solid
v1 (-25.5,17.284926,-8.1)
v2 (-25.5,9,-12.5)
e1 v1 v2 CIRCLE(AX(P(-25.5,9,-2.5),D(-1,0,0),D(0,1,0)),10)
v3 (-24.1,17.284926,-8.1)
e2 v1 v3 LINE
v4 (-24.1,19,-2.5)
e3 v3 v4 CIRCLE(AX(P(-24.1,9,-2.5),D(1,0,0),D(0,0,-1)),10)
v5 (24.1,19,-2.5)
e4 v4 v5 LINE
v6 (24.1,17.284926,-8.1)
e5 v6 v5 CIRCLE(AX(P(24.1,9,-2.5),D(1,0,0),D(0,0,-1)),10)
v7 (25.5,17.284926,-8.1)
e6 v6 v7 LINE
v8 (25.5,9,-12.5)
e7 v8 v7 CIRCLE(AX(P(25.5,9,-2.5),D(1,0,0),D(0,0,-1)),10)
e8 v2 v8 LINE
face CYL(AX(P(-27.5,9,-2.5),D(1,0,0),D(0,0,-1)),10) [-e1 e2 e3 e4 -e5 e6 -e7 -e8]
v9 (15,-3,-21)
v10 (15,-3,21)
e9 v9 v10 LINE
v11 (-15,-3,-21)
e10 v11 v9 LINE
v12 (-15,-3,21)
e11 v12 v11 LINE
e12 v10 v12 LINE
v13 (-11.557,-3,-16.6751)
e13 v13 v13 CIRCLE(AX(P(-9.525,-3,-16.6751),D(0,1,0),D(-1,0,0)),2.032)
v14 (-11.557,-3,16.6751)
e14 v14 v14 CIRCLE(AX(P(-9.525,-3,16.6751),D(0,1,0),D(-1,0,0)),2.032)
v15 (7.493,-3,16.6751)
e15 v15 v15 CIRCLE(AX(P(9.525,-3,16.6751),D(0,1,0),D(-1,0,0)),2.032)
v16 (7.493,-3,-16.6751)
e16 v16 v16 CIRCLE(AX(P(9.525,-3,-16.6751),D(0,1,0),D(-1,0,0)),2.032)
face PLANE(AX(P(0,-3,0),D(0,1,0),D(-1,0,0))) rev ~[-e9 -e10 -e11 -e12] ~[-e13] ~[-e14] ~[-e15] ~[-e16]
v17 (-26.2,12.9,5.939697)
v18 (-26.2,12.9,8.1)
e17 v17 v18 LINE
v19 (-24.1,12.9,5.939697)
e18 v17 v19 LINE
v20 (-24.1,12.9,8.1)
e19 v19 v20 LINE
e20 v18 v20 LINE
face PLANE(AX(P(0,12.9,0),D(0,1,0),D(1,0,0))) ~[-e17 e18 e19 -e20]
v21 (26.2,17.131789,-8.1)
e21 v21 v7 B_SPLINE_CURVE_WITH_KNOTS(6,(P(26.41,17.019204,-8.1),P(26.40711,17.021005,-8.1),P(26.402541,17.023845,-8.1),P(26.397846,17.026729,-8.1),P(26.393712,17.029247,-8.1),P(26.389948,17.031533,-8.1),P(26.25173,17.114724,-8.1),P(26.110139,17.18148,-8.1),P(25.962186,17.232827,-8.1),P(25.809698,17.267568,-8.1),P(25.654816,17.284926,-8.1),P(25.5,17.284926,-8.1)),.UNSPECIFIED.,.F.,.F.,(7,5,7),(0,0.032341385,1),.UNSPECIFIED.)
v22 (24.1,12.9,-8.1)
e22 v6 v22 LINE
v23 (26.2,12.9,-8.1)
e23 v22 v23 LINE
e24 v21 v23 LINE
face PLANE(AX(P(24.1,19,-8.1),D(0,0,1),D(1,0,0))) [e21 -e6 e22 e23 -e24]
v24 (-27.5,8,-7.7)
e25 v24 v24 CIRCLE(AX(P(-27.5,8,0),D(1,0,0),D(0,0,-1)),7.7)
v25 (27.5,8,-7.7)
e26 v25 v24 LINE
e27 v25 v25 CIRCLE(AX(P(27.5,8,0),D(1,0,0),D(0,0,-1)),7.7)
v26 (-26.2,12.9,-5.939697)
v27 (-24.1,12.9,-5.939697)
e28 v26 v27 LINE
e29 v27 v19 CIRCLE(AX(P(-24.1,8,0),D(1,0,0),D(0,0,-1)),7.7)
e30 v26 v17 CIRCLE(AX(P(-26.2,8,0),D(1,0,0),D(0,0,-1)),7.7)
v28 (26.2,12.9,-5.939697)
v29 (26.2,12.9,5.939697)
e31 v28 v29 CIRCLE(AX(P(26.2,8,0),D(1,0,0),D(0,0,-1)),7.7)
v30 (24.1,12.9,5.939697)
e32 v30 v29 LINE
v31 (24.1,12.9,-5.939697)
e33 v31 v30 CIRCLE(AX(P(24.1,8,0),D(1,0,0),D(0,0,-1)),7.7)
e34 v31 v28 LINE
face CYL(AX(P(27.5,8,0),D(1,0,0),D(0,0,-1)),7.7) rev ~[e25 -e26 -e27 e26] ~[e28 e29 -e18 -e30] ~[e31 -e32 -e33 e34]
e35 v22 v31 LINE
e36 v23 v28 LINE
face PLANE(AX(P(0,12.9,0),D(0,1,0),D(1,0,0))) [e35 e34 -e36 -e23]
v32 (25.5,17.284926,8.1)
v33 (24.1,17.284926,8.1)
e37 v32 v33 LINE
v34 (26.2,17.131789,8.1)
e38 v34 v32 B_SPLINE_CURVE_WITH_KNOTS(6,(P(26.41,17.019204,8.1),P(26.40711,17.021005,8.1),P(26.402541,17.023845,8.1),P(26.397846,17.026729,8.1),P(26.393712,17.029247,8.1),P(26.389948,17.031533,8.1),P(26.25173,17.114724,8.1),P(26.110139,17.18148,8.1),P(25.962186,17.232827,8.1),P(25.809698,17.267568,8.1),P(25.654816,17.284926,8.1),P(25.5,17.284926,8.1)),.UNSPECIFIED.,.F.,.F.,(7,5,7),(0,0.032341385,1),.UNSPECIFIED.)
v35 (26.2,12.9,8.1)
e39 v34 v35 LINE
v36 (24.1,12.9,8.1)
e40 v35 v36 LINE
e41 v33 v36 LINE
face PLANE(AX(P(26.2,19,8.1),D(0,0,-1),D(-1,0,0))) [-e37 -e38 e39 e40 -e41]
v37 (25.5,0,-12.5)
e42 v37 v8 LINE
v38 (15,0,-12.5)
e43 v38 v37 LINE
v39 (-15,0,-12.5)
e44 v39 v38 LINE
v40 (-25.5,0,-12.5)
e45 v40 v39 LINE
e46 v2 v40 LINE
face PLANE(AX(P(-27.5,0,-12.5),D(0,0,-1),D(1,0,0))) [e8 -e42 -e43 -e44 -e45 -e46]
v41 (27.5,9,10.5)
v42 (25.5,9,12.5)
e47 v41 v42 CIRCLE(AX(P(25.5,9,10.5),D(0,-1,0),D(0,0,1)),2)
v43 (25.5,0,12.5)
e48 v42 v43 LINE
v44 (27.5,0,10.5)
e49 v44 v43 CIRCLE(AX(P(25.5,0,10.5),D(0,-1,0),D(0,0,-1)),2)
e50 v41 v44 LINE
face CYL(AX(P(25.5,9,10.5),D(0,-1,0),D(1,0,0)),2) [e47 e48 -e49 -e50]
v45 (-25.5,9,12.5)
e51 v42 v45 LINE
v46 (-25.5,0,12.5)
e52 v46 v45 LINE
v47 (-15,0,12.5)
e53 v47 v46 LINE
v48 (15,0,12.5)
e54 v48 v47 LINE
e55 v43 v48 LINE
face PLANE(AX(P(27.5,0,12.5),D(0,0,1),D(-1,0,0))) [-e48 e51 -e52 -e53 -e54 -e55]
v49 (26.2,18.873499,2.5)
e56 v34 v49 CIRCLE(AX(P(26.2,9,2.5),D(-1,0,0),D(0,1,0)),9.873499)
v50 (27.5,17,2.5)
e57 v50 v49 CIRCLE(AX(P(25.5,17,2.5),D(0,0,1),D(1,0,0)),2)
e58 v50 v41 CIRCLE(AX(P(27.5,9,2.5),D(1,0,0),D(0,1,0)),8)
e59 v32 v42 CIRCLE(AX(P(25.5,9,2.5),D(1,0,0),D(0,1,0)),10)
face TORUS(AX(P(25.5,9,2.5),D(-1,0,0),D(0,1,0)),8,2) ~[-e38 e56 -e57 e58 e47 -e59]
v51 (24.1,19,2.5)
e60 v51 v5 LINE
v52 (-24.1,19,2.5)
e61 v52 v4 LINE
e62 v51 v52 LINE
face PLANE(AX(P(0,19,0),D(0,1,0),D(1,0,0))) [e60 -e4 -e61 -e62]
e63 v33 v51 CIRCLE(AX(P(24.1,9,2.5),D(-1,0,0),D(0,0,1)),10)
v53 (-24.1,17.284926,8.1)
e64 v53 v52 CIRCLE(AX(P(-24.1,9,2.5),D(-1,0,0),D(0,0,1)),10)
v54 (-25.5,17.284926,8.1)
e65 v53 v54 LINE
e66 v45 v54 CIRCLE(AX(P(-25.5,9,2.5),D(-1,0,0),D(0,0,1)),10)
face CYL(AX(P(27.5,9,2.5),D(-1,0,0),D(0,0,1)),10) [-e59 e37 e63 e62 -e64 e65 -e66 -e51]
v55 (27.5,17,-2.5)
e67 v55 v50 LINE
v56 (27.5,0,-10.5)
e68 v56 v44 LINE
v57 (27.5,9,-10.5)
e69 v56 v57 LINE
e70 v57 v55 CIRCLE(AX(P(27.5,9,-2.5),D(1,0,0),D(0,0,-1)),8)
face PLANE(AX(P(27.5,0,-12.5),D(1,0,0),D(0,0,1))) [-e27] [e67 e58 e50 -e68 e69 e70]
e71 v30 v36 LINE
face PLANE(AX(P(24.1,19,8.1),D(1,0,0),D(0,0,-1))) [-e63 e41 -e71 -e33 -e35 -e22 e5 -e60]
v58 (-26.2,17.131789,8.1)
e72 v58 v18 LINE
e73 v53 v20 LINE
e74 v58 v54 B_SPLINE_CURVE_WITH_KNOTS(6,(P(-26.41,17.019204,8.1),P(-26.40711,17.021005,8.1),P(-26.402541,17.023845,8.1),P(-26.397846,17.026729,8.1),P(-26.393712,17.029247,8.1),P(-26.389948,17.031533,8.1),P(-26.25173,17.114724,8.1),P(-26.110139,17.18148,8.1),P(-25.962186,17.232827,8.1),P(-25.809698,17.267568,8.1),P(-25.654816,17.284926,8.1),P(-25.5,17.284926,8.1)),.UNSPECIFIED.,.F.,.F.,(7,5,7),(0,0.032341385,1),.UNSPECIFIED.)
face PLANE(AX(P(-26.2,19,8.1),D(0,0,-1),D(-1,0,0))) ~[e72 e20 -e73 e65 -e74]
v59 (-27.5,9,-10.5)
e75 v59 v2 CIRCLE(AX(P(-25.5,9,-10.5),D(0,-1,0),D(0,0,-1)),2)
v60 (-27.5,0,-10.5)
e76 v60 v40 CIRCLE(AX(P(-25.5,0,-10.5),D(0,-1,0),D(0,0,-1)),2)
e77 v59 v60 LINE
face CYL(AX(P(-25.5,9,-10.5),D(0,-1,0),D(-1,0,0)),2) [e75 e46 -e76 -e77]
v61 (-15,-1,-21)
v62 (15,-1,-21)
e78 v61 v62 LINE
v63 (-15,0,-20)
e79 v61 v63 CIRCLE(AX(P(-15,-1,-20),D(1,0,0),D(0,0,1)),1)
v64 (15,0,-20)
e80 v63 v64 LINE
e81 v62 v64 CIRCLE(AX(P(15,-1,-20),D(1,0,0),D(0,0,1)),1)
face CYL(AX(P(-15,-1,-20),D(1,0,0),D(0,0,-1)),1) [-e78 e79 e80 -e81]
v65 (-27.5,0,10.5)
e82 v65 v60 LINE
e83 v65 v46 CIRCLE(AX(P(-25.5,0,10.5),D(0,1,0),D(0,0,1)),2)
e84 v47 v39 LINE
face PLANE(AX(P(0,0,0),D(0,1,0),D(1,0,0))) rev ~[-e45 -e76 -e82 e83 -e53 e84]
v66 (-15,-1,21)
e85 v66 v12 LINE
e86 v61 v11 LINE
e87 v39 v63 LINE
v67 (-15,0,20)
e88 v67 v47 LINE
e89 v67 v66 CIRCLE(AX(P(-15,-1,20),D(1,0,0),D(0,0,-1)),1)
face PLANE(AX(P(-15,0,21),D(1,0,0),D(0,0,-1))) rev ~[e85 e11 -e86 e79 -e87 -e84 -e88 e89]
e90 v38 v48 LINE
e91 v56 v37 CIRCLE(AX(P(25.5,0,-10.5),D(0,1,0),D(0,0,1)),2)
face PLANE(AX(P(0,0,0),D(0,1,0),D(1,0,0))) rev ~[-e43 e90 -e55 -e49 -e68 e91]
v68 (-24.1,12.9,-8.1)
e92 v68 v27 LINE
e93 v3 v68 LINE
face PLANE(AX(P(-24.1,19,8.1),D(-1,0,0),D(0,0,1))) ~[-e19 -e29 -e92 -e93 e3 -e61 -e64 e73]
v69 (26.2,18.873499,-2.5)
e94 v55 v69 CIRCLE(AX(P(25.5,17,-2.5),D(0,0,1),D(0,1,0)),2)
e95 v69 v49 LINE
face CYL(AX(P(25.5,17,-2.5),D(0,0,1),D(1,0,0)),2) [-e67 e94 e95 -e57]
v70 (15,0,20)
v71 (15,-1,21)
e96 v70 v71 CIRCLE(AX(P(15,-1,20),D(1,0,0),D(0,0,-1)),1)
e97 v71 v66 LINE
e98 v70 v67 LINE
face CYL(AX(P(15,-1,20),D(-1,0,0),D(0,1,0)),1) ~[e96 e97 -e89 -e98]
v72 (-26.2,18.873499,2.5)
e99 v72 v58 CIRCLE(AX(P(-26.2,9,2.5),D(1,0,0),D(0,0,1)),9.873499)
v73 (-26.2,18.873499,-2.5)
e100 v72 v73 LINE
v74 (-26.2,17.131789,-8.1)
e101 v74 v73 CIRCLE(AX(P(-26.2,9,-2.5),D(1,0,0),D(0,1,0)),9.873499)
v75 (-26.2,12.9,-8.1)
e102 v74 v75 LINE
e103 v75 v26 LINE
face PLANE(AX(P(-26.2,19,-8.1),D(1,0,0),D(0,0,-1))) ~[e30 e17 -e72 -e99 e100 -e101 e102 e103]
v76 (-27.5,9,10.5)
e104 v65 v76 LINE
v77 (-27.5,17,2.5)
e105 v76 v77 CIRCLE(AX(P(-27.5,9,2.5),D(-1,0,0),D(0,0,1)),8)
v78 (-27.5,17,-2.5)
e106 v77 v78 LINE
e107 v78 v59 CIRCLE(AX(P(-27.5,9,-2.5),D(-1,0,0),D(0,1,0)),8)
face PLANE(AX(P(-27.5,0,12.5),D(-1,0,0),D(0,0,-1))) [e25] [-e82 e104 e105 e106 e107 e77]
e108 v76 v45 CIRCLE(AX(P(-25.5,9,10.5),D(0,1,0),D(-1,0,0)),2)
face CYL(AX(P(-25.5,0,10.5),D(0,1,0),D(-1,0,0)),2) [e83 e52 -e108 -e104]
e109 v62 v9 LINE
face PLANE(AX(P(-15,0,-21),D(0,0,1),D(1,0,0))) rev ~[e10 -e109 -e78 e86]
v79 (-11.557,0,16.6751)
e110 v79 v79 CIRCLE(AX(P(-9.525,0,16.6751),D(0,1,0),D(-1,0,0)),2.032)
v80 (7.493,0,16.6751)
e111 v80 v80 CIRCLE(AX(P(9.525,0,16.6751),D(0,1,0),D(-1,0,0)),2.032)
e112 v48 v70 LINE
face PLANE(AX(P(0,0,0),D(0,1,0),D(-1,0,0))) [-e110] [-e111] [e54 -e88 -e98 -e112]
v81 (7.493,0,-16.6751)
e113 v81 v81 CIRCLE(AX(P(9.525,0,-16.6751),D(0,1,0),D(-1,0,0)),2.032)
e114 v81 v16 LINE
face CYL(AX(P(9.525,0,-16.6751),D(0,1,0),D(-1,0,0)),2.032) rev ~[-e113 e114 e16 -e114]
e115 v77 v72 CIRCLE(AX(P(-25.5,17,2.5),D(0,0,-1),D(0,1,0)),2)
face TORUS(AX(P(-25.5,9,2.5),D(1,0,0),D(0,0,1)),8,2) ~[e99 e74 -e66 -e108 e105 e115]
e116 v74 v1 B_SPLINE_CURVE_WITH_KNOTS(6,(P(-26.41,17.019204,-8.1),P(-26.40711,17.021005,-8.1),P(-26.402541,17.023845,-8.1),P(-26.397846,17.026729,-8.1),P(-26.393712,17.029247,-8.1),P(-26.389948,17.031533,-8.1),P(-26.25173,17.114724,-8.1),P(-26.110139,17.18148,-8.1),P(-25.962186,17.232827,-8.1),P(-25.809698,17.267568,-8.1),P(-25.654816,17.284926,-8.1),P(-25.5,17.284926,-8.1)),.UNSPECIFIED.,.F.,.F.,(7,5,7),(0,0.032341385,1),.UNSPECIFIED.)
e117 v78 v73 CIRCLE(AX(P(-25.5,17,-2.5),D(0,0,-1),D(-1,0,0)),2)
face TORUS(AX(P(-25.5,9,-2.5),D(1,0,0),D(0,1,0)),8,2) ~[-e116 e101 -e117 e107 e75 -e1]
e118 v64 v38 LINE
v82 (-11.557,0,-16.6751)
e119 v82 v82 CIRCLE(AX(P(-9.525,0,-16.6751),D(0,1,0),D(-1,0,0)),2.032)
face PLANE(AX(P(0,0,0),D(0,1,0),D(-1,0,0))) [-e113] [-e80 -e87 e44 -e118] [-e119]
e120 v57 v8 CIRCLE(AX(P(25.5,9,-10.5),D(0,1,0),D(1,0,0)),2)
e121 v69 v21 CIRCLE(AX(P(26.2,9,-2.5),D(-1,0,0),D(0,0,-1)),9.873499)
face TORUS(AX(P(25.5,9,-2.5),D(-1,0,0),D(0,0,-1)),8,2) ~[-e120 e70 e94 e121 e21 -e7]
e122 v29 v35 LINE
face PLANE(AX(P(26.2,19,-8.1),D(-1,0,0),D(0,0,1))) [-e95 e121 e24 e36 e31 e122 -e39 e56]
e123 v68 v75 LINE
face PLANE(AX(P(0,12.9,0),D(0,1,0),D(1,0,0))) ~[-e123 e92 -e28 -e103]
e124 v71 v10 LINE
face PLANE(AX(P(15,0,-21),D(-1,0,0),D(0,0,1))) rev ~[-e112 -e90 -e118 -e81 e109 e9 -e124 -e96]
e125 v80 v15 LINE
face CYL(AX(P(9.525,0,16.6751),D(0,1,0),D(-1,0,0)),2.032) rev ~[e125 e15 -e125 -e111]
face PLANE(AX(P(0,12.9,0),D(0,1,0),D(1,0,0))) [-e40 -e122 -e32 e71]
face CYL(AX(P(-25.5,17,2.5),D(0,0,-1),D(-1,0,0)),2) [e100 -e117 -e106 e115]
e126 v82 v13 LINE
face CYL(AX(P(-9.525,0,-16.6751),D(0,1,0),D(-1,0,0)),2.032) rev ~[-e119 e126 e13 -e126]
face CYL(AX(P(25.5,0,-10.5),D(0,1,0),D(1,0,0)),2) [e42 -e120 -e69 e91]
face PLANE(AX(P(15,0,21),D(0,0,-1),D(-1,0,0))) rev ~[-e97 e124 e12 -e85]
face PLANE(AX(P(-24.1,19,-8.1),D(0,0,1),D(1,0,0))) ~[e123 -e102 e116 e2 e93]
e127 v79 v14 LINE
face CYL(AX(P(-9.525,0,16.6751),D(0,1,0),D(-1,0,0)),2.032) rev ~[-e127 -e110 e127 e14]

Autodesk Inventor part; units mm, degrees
ref_plane "YZ Plane" through (0, 0, 0) normal (1, 0, 0) x (0, 1, 0)
ref_plane "XZ Plane" through (0, 0, 0) normal (0, 1, 0) x (-1, 0, 0)
sketch "Sketch1" plane through (0, 0, 0) normal (0, 1, 0) x (-1, 0, 0)
  line L0 (-15, 21) -> (15, 21)
  line L1 (15, 21) -> (15, -21)
  line L2 (15, -21) -> (-15, -21)
  line L3 (-15, -21) -> (-15, 21)
  line L4 (-15, 21) -> (15, -21) construction
  line L5 (15, 21) -> (-15, -21) construction
  line L6 (-9.525, 16.6751) -> (9.525, 16.6751) construction
  line L7 (9.525, 16.6751) -> (9.525, -16.6751) construction
  line L8 (9.525, -16.6751) -> (-9.525, -16.6751) construction
  line L9 (-9.525, -16.6751) -> (-9.525, 16.6751) construction
  line L10 (-9.525, 16.6751) -> (9.525, -16.6751) construction
  line L11 (9.525, 16.6751) -> (-9.525, -16.6751) construction
  circle A0 centre (9.525, 16.6751) radius 2.032
  circle A1 centre (-9.525, -16.6751) radius 2.032
  circle A2 centre (9.525, -16.6751) radius 2.032
  circle A3 centre (-9.525, 16.6751) radius 2.032
  point P0 (0, 0)
  dimension "d0" = 30
  dimension "d1" = 42
  dimension "d2" = 33.3502
  dimension "d3" = 19.05
  dimension "d6" = 4.064
  dimension "d7" = 4.064
  dimension "d36" = 4.064
  dimension "d37" = 4.064
extrude "Extrusion1" add sketch "Sketch1" against normal blind 3
sketch "Sketch2" plane through (0, 0, 0) normal (0, 1, 0) x (1, 0, 0)
  line L0 (27.5, -12.5) -> (-27.5, -12.5)
  line L1 (-27.5, -12.5) -> (-27.5, 12.5)
  line L2 (-27.5, 12.5) -> (27.5, 12.5)
  line L3 (27.5, 12.5) -> (27.5, -12.5)
  line L4 (27.5, -12.5) -> (-27.5, 12.5) construction
  line L5 (-27.5, -12.5) -> (27.5, 12.5) construction
  point P0 (0, 0)
  point P1 (0, 0)
  point P2 (0, 0)
  dimension "d9" = 25
  dimension "d13" = 55
extrude "Extrusion2" add sketch "Sketch2" along normal blind 19
sketch "Sketch3" plane through (27.5, 0, 12.5) normal (1, 0, 0) x (0, 0, -1)
  line L0 (25, 0) -> (0, 0) projected
  line L1 (25, 0) -> (25, 19) projected
  line L2 (0, 19) -> (25, 19) projected
  line L3 (0, 0) -> (0, 19) projected
  line L4 (33.5, 0) -> (25, 0) projected
  line L5 (25, 0) -> (0, 0) projected
  line L6 (0, 0) -> (-8.5, 0) projected
  line L7 (-8.5, 0) -> (-8.5, -3) projected
  line L8 (33.5, -3) -> (-8.5, -3) projected
  line L9 (33.5, 0) -> (33.5, -3) projected
  circle A0 centre (12.5, 8) radius 7.7
  point P0 (12.5, 0)
  point P1 (12.5, 0)
  point P2 (12.5, 0)
  dimension "d12" = 15.4
  dimension "d28" = 11
extrude "Extrusion3" cut sketch "Sketch3" against normal through all contours A0
fillet "Fillet1" radius 10 2 edges at (0, 19, -12.5) (0, 19, 12.5)
fillet "Fillet2" radius 2 10 edges at (27.5, 19, 0) (27.5, 16.0711, -9.5711) (27.5, 4.5, -12.5) (27.5, 4.5, 12.5) (27.5, 16.0711, 9.5711) (-27.5, 19, 0) (-27.5, 16.0711, 9.5711) (-27.5, 4.5, 12.5) (-27.5, 4.5, -12.5) (-27.5, 16.0711, -9.5711)
fillet "Fillet3" radius 1 2 edges at (0, 0, 21) (0, 0, -21)
sketch "Sketch4" plane through (0, 19, 0) normal (0, 1, 0) x (1, 0, 0)
  line L0 (26.2, -8.1) -> (24.1, -8.1)
  line L1 (24.1, -8.1) -> (24.1, 8.1)
  line L2 (24.1, 8.1) -> (26.2, 8.1)
  line L3 (26.2, 8.1) -> (26.2, -8.1)
  line L4 (25.5, -2.5) -> (-25.5, -2.5) projected
  line L5 (-25.5, 2.5) -> (25.5, 2.5) projected
  line L6 (-25.5, -2.5) -> (-25.5, 2.5) projected
  line L7 (25.5, 2.5) -> (25.5, -2.5) projected
  point P0 (0, 0)
  dimension "d16" = 24.1
  dimension "d18" = 2.1
  dimension "d34" = 8.1
  dimension "d35" = 8.1
extrude "Extrusion4" cut sketch "Sketch4" against normal blind 6.1 contours L0 L1 L4 L7 L5 L2 L3 | L1 L5 L7 L4
ref_plane "Work Plane1" through (0, 0, 10.5) normal (1, 0, 0) x (0, 0, -1)
mirror "Mirror1" about plane through (0, 0, 10.5) normal (1, 0, 0) of "Extrusion4"
sketch "Sketch5" plane through (0, 12.9, 0) normal (0, 1, 0) x (1, 0, 0)
  line L0 (26.2, 9.4632) -> (26.2, -9.4632) projected
  line L1 (24.1, -9.6414) -> (24.1, 9.6414) projected
  line L2 (-24.1, 9.6414) -> (-24.1, -9.6414) projected
  line L3 (-26.2, -9.4632) -> (-26.2, 9.4632) projected
  line L4 (26.2, -9.5) -> (24.1, -9.5)
  line L5 (24.1, -9.5) -> (24.1, 9.5)
  line L6 (24.1, 9.5) -> (26.2, 9.5)
  line L7 (26.2, 9.5) -> (26.2, -9.5)
  line L8 (-24.1, -9.5) -> (-26.2, -9.5)
  line L9 (-26.2, -9.5) -> (-26.2, 9.5)
  line L10 (-26.2, 9.5) -> (-24.1, 9.5)
  line L11 (-24.1, 9.5) -> (-24.1, -9.5)
  line L12 (-25.5, 9.6414) -> (-24.1, 9.6414) projected
  line L13 (-24.1, -9.6414) -> (-25.5, -9.6414) projected
  line L14 (-25.5, 9.6414) -> (-24.1, 9.6414) projected
  line L15 (-24.1, -9.6414) -> (-25.5, -9.6414) projected
  line L16 (24.1, 9.6414) -> (25.5, 9.6414) projected
  line L17 (24.1, -9.6414) -> (24.1, 9.6414) projected
  line L18 (25.5, -9.6414) -> (24.1, -9.6414) projected
  line L19 (26.2, 9.4632) -> (26.2, -9.4632) projected
  line L20 (24.1, 9.6414) -> (25.5, 9.6414) projected
  line L21 (25.5, -9.6414) -> (24.1, -9.6414) projected
  line L22 (-24.1, 9.6414) -> (-24.1, -9.6414) projected
  line L23 (-26.2, -9.4632) -> (-26.2, 9.4632) projected
  point P0 (0, 0)
properties part number "slave-slider-house"
